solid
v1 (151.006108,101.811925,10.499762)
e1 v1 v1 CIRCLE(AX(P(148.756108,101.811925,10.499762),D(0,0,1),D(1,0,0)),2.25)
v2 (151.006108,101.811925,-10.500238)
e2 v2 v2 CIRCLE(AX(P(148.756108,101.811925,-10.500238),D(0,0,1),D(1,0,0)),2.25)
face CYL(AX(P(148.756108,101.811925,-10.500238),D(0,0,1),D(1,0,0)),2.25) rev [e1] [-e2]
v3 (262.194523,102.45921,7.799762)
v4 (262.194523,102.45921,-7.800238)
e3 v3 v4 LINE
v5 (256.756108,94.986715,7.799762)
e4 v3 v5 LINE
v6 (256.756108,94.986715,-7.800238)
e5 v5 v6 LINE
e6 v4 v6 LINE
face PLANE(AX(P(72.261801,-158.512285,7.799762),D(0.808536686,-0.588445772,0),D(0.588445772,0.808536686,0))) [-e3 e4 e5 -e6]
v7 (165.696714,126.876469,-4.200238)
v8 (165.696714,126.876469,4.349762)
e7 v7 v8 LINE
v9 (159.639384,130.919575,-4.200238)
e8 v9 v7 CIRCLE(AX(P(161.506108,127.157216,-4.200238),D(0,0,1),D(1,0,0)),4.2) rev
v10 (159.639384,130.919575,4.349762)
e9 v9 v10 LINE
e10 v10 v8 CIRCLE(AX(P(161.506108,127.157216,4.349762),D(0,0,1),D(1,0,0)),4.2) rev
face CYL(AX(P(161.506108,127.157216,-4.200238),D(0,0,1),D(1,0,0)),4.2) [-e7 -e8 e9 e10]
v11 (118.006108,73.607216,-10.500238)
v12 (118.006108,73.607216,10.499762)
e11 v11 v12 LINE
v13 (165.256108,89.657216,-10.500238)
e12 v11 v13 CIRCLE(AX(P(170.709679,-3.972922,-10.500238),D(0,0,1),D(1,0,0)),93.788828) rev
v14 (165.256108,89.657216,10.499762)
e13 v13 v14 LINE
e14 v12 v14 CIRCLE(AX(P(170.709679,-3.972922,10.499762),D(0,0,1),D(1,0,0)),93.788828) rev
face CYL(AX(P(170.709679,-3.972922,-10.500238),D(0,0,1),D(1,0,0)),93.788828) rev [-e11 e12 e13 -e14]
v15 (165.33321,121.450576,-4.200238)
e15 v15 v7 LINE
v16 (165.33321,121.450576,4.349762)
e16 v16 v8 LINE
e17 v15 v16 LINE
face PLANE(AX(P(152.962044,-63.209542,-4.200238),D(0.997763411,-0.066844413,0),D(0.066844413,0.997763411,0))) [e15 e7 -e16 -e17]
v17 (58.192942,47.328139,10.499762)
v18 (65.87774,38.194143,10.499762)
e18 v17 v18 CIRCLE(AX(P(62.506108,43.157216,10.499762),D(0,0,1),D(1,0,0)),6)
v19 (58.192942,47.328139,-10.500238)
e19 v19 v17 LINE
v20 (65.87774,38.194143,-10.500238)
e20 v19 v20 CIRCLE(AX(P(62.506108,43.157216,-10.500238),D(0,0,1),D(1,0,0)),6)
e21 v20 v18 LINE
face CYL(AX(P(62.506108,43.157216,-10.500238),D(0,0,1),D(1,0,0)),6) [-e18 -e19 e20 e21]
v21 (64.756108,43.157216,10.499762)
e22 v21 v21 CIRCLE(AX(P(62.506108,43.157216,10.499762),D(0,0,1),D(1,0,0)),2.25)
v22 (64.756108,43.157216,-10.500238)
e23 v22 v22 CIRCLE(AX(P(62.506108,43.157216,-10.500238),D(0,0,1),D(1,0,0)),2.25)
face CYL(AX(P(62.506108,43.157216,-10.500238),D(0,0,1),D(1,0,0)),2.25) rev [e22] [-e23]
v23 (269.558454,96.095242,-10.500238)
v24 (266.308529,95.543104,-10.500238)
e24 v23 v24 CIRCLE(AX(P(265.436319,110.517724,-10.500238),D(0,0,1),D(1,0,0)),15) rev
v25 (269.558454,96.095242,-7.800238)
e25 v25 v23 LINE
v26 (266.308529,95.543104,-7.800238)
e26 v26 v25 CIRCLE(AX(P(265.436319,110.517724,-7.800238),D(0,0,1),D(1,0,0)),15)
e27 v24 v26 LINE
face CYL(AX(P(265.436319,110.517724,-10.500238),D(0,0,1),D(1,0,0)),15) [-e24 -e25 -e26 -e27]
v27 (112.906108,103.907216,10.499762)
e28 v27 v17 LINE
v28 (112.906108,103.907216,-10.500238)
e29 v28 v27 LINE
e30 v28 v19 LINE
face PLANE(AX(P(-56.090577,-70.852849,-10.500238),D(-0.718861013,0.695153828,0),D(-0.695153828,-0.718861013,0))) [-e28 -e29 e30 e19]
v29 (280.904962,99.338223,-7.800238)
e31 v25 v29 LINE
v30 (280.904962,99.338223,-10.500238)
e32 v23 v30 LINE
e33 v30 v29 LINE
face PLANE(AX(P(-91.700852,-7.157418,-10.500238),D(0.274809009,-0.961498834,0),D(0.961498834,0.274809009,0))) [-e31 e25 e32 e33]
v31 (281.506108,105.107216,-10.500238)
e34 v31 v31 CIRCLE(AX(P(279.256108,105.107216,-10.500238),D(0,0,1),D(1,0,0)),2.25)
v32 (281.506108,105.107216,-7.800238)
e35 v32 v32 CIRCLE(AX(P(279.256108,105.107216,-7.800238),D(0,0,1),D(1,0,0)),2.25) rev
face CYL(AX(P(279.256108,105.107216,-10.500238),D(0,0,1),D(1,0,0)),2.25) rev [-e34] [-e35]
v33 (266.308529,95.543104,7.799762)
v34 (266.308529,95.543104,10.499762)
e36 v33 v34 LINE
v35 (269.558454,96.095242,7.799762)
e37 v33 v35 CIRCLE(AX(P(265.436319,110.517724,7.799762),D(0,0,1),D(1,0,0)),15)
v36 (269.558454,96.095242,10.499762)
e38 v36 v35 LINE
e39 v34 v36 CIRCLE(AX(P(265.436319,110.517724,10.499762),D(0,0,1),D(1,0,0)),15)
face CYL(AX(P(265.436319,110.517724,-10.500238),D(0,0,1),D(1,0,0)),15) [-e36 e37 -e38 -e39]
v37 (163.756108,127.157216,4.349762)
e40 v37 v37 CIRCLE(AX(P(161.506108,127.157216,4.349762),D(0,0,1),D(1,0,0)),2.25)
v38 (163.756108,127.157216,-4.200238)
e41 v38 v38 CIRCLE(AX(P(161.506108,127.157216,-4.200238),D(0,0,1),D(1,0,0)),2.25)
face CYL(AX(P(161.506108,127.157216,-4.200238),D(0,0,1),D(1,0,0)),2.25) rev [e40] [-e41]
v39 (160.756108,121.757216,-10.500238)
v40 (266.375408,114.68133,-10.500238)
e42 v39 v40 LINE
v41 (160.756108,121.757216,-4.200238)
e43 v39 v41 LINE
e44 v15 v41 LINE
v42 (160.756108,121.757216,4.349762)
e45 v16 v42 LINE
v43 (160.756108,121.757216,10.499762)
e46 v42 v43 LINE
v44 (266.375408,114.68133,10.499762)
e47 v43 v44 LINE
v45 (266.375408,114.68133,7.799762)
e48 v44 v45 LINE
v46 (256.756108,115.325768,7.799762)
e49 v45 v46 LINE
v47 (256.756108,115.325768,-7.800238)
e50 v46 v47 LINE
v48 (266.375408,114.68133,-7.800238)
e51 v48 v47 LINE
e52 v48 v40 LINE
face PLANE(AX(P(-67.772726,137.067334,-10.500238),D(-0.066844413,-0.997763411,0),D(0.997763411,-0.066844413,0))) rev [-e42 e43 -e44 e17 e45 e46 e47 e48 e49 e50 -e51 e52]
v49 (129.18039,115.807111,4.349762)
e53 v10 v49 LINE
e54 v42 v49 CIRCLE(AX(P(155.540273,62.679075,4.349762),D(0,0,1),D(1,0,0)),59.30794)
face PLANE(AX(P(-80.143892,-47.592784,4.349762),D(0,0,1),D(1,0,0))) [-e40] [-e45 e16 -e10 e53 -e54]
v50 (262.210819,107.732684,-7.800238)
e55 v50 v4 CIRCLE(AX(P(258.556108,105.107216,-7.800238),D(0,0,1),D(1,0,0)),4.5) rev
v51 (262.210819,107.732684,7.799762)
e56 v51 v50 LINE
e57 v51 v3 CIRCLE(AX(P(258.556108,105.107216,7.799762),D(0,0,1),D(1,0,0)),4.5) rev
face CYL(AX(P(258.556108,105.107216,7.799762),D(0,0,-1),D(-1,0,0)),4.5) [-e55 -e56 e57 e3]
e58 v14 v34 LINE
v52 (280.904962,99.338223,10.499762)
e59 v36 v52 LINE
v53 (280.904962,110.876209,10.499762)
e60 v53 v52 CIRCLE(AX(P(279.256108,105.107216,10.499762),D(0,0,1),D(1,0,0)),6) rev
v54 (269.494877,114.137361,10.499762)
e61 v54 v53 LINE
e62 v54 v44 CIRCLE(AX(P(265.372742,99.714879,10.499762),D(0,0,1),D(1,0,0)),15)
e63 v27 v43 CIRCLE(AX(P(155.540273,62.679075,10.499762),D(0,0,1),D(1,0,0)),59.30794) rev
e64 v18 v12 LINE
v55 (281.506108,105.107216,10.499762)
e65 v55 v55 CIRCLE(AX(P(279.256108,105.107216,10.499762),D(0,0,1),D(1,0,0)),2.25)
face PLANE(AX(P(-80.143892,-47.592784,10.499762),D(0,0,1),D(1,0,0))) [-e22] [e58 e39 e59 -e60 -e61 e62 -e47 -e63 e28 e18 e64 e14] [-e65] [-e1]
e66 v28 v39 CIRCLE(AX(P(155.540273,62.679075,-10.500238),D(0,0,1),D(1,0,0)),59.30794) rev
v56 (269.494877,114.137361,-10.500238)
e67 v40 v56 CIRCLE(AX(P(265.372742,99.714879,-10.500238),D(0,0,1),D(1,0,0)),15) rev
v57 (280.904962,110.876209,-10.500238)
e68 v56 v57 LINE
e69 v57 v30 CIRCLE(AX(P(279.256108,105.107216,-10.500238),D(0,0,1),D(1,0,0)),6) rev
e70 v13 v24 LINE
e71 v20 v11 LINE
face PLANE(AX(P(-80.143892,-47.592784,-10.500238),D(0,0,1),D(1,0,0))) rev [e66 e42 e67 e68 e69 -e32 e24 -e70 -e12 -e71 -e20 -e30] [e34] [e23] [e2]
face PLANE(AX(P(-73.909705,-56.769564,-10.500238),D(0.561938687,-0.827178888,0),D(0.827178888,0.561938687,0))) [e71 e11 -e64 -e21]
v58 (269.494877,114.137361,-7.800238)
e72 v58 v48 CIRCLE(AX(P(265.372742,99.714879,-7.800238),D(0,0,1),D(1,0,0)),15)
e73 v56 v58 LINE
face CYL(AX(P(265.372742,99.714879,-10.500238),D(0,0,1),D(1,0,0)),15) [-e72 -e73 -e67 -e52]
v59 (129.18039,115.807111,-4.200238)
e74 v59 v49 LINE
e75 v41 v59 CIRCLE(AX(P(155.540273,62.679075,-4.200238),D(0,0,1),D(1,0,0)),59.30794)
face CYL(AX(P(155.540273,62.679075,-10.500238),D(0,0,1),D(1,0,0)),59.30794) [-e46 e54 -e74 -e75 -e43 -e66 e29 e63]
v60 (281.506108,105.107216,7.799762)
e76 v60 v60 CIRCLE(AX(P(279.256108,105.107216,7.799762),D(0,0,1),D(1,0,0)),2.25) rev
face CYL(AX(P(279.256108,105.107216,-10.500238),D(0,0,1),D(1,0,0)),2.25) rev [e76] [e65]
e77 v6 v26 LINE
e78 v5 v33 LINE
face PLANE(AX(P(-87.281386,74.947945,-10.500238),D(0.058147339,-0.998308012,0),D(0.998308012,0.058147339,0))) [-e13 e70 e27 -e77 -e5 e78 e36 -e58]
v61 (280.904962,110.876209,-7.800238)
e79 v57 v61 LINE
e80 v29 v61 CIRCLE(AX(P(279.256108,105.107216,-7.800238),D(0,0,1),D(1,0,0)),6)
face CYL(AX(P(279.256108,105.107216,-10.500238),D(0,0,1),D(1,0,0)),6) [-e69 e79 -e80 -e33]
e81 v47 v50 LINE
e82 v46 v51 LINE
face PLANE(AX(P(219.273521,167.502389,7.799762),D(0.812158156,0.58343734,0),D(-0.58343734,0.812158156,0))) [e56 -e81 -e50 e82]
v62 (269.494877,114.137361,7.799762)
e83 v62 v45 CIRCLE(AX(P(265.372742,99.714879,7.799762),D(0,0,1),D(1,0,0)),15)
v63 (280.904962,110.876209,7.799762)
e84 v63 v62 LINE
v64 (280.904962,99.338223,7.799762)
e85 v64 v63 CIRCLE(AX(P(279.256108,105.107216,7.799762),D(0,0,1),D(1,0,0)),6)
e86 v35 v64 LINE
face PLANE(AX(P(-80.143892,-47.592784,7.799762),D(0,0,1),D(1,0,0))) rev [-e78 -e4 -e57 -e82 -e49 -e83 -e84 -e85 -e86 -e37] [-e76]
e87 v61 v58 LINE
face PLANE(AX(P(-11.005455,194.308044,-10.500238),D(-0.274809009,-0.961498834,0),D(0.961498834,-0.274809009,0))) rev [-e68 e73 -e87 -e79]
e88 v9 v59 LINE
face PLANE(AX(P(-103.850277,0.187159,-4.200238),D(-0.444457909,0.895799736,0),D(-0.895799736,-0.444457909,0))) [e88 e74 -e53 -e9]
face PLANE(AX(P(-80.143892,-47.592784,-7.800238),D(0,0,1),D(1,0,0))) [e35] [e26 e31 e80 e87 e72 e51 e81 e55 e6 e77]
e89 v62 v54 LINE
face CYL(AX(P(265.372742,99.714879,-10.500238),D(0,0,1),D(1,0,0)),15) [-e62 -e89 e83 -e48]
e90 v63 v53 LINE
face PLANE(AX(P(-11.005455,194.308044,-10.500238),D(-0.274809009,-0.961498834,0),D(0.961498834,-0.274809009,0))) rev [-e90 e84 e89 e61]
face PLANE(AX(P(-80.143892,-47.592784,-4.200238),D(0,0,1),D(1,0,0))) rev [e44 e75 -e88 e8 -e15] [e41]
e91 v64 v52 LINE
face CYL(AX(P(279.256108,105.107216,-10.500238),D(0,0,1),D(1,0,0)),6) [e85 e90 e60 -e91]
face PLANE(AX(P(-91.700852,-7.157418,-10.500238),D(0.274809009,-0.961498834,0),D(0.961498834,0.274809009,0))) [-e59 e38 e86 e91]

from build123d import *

# Parameters (mm, degrees)
EXTRUDE_1_DEPTH          = 7
EXTRUDE_1_DEPTH_BACK     = 7
SKETCH_1_R               = 1.5
FILLET_1_R               = 10
EXTRUDE_2_DEPTH          = 2.9
EXTRUDE_2_DEPTH_BACK     = 2.8
SKETCH_3_R               = 1.5
CUT_EXTRUDE_1_DEPTH      = 5.2
CUT_EXTRUDE_1_DEPTH_BACK = 5.2
SCALE1_SCALE             = 1.5


with BuildPart() as part:
    # 草图1 → 凸台-拉伸1 (new, two sides: drawn at the far end of the back side and taken through both)
    with BuildSketch(Plane.XY.offset(-EXTRUDE_1_DEPTH_BACK)):
        with BuildLine():
            ThreePointArc((132.1, 80.8), (147.125308547, 88.283437456), (163.6, 91.5))
            Line((163.6, 91.5), (232.071936087, 95.488208898))
            Line((232.071936087, 95.488208898), (240.699236038, 97.954004663))
            ThreePointArc((240.699236038, 97.954004663), (243.6, 101.8), (240.699236038, 105.645995337))
            Line((240.699236038, 105.645995337), (232.071936087, 108.111791102))
            Line((232.071936087, 108.111791102), (160.6, 112.9))
            ThreePointArc((160.6, 112.9), (143.303490983, 110.55954938), (128.7, 101))
            Line((128.7, 101), (92.224555949, 63.280615311))
            ThreePointArc((92.224555949, 63.280615311), (92.03920173, 57.924827394), (97.347754748, 57.19128445))
            Line((97.347754748, 57.19128445), (132.1, 80.8))
        make_face()
        with Locations((95.1, 60.5)):
            Circle(SKETCH_1_R, mode=Mode.SUBTRACT)
        with Locations((152.6, 99.603139307)):
            Circle(SKETCH_1_R, mode=Mode.SUBTRACT)
        with Locations((239.6, 101.8)):
            Circle(SKETCH_1_R, mode=Mode.SUBTRACT)
    extrude(amount=EXTRUDE_1_DEPTH + EXTRUDE_1_DEPTH_BACK)

    # 圆角1
    fillet_1_edges = [part.edges().sort_by_distance(p)[0] for p in [
        (232.071936087, 95.488208898, 0),
        (232.071936087, 108.111791102, 0),
    ]]
    fillet(fillet_1_edges, radius=FILLET_1_R)

    # 草图3 → 凸台-拉伸2 (add, two sides: drawn at the far end of the back side and taken through both)
    with BuildSketch(Plane.XY.offset(-EXTRUDE_2_DEPTH_BACK)):
        with BuildLine():
            Line((160.6, 112.9), (163.651401787, 112.69557362))
            Line((163.651401787, 112.69557362), (163.893737551, 116.312835642))
            ThreePointArc((163.893737551, 116.312835642), (162.654460758, 118.828873494), (159.855517856, 119.008239262))
            Line((159.855517856, 119.008239262), (139.549521827, 108.933263618))
            ThreePointArc((139.549521827, 108.933263618), (149.801009446, 112.369362402), (160.6, 112.9))
        make_face()
        with Locations((161.1, 116.5)):
            Circle(SKETCH_3_R, mode=Mode.SUBTRACT)
    extrude(amount=EXTRUDE_2_DEPTH + EXTRUDE_2_DEPTH_BACK)

    # 草图4 → 切除-拉伸1 (cut, two sides: drawn at the far end of the back side and taken through both)
    with BuildSketch(Plane.XY.offset(-CUT_EXTRUDE_1_DEPTH_BACK)):
        with BuildLine():
            Line((231.012866709, 108.182742662), (224.6, 108.612367871))
            Line((224.6, 108.612367871), (228.236474469, 103.550312019))
            ThreePointArc((228.236474469, 103.550312019), (228.799985675, 101.790729145), (228.225610058, 100.034662683))
            Line((228.225610058, 100.034662683), (224.6, 95.052999327))
            Line((224.6, 95.052999327), (230.968280992, 95.423925524))
            ThreePointArc((230.968280992, 95.423925524), (232.061731819, 95.548272011), (233.134897693, 95.792017302))
            Line((233.134897693, 95.792017302), (240.699236038, 97.954004663))
            ThreePointArc((240.699236038, 97.954004663), (243.6, 101.8), (240.699236038, 105.645995337))
            Line((240.699236038, 105.645995337), (233.092512669, 107.820096895))
            ThreePointArc((233.092512669, 107.820096895), (232.062285935, 108.056450871), (231.012866709, 108.182742662))
        make_face()
    extrude(amount=CUT_EXTRUDE_1_DEPTH + CUT_EXTRUDE_1_DEPTH_BACK, mode=Mode.SUBTRACT)


with BuildPart() as part_1:
    # Scale1: scaled about (160.287784575, 95.185568028, 0.00047642)
    add(part.part.scale(SCALE1_SCALE).moved(Location((-80.143892287, -47.592784014, -0.00023821))))


solid = part_1.part
